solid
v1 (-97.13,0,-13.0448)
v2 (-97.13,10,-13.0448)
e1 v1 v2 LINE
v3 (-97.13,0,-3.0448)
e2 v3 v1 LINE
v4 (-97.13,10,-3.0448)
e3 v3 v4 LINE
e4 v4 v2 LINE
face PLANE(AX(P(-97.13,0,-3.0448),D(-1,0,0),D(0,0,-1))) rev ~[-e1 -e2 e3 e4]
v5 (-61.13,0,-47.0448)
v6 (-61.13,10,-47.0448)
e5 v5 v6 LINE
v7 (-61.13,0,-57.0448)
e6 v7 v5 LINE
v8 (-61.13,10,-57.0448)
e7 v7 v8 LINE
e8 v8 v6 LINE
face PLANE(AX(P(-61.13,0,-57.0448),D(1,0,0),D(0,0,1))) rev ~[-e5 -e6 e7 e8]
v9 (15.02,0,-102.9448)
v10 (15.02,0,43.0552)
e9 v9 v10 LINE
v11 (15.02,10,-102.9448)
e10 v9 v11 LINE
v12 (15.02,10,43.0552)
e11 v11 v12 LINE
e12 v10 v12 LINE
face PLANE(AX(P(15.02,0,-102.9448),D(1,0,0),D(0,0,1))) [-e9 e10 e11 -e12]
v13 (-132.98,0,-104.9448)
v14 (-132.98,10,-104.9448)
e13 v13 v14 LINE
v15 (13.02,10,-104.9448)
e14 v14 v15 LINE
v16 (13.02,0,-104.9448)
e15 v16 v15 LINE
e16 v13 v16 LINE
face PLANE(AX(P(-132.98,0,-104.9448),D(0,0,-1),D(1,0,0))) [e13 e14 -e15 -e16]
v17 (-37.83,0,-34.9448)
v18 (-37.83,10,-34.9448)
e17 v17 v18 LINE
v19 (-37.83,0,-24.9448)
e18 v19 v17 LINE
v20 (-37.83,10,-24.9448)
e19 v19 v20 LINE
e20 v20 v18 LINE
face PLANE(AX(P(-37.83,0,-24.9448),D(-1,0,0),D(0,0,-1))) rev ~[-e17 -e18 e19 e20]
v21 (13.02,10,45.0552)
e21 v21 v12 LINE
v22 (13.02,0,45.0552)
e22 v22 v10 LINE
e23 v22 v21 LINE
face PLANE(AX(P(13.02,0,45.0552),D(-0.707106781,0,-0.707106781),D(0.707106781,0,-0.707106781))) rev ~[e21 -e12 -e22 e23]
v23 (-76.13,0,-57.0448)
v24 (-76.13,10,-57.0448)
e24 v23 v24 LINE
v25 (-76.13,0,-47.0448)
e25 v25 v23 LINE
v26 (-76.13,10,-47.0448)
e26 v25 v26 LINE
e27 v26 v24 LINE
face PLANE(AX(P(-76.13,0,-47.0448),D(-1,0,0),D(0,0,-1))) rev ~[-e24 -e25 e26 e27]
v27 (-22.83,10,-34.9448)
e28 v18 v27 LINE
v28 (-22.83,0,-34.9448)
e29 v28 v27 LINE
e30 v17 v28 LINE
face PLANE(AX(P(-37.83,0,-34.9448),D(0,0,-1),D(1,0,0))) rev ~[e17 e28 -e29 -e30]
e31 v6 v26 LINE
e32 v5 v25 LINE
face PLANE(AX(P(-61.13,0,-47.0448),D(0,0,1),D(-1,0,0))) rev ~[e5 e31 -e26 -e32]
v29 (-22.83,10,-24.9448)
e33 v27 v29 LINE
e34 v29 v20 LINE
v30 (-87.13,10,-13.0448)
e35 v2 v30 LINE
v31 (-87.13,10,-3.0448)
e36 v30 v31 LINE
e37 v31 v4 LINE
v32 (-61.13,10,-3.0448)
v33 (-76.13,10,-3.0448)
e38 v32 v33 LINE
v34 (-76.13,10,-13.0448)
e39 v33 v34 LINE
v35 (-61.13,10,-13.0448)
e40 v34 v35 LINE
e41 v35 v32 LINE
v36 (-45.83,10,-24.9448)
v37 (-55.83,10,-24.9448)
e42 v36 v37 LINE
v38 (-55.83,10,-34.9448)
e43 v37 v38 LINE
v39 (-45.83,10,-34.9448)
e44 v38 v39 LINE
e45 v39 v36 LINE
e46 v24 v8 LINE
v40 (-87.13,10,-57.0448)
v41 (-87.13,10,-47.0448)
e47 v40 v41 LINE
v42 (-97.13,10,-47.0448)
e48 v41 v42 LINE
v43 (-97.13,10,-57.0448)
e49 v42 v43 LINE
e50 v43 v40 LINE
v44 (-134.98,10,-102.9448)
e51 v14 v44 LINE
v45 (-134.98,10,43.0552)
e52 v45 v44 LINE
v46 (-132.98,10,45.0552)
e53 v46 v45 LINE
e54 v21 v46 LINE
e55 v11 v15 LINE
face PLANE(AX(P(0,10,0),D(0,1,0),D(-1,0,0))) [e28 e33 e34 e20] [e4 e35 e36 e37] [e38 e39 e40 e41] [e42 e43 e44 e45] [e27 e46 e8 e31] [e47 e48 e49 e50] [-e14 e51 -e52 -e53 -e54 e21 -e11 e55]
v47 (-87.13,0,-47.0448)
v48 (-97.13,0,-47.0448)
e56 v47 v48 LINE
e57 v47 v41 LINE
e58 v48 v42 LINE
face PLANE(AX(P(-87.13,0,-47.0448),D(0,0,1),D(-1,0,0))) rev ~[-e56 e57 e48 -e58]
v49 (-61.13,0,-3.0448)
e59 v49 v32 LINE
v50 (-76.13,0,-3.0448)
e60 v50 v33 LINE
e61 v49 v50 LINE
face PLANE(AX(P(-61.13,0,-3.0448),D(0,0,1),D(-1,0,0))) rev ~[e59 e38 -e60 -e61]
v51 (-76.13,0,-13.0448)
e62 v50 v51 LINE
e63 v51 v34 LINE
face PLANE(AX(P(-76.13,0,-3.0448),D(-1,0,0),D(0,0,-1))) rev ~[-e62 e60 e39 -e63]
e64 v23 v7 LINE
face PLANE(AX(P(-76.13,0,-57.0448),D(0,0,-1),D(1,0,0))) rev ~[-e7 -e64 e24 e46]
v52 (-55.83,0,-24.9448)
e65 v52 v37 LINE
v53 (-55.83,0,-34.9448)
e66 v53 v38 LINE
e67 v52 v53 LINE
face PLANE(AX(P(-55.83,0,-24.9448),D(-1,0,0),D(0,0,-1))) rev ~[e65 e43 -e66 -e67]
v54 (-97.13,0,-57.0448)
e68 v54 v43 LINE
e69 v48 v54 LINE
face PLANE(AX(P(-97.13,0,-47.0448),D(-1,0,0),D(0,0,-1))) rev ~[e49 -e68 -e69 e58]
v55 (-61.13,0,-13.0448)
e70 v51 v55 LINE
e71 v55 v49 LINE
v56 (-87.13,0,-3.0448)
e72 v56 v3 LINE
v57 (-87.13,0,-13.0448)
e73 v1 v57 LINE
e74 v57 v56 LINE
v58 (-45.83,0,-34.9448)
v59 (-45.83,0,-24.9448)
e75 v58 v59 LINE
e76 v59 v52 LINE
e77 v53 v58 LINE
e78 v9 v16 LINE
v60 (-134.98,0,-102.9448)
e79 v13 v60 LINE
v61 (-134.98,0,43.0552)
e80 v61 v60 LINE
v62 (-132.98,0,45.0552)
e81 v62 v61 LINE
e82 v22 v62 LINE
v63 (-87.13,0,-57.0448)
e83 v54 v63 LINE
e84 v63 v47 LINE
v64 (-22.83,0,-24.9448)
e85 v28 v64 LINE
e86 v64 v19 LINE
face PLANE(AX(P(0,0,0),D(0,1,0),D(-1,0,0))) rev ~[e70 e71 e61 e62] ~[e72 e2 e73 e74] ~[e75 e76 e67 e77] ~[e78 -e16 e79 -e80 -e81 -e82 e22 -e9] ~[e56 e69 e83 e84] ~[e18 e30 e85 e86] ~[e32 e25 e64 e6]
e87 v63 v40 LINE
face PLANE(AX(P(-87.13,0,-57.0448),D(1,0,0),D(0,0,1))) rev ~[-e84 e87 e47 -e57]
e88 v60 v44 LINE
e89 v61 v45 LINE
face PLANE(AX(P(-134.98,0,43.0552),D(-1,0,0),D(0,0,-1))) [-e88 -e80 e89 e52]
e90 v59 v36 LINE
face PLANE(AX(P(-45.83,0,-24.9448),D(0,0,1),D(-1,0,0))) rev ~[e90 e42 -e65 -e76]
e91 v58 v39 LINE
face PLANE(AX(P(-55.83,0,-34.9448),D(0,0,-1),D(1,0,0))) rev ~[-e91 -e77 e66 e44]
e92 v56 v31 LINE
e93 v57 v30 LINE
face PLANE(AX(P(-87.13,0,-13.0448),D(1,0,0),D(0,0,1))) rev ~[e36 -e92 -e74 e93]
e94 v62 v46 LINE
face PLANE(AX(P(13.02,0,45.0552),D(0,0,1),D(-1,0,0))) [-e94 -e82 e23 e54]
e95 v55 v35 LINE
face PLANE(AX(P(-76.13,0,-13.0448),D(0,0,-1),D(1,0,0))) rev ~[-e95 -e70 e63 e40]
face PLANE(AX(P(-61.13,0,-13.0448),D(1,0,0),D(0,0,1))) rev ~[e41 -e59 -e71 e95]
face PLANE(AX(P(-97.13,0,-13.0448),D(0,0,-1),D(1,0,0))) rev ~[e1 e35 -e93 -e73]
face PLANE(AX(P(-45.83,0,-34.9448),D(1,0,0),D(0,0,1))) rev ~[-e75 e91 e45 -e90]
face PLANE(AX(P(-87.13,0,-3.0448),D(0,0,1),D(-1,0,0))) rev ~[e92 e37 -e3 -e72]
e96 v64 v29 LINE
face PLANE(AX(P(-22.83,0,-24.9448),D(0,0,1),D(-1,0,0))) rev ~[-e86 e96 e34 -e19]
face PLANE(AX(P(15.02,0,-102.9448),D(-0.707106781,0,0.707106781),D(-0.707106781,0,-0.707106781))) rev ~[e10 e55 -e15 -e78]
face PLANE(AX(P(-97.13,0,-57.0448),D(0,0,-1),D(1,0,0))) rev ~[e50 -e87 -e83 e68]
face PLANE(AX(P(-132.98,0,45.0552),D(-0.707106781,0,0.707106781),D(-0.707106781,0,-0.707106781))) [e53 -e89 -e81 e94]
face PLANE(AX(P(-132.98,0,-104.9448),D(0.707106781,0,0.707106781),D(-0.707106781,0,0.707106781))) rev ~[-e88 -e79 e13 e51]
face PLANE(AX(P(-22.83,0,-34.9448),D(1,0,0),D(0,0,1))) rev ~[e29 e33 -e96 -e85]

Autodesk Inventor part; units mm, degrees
ref_plane "YZ Plane" through (0, 0, 0) normal (1, 0, 0) x (0, 1, 0)
ref_plane "XZ Plane" through (0, 0, 0) normal (0, 1, 0) x (-1, 0, 0)
ref_plane "XY Plane" through (0, 0, 0) normal (0, 0, 1) x (1, 0, 0)
sketch "Esquisse4" plane through (0, 0, 0) normal (0, 1, 0) x (-1, 0, 0)
  line L0 (37.83, -34.9448) -> (22.83, -34.9448) construction
  line L1 (37.83, -34.9448) -> (37.83, -24.9448) construction
  line L2 (22.83, -24.9448) -> (37.83, -24.9448) construction
  line L3 (22.83, -34.9448) -> (22.83, -24.9448) construction
  line L4 (55.83, -34.9448) -> (45.83, -34.9448) construction
  line L5 (55.83, -34.9448) -> (55.83, -24.9448) construction
  line L6 (45.83, -24.9448) -> (55.83, -24.9448) construction
  line L7 (45.83, -34.9448) -> (45.83, -24.9448) construction
  line L8 (76.13, -13.0448) -> (61.13, -13.0448) construction
  line L9 (76.13, -13.0448) -> (76.13, -3.0448) construction
  line L10 (61.13, -3.0448) -> (76.13, -3.0448) construction
  line L11 (61.13, -13.0448) -> (61.13, -3.0448) construction
  line L12 (97.13, -13.0448) -> (87.13, -13.0448) construction
  line L13 (97.13, -13.0448) -> (97.13, -3.0448) construction
  line L14 (87.13, -3.0448) -> (97.13, -3.0448) construction
  line L15 (87.13, -13.0448) -> (87.13, -3.0448) construction
  line L16 (76.13, -57.0448) -> (61.13, -57.0448) construction
  line L17 (76.13, -57.0448) -> (76.13, -47.0448) construction
  line L18 (61.13, -47.0448) -> (76.13, -47.0448) construction
  line L19 (61.13, -57.0448) -> (61.13, -47.0448) construction
  line L20 (97.13, -57.0448) -> (87.13, -57.0448) construction
  line L21 (97.13, -57.0448) -> (97.13, -47.0448) construction
  line L22 (87.13, -47.0448) -> (97.13, -47.0448) construction
  line L23 (87.13, -57.0448) -> (87.13, -47.0448) construction
  line L24 (-13.02, 45.0552) -> (132.98, 45.0552)
  line L25 (134.98, 43.0552) -> (134.98, -102.9448)
  line L26 (132.98, -104.9448) -> (-13.02, -104.9448)
  line L27 (-15.02, -102.9448) -> (-15.02, 43.0552)
  line L28 (22.83, -24.9448) -> (37.83, -24.9448)
  line L29 (37.83, -24.9448) -> (37.83, -34.9448)
  line L30 (37.83, -34.9448) -> (22.83, -34.9448)
  line L31 (22.83, -34.9448) -> (22.83, -24.9448)
  line L32 (45.83, -24.9448) -> (55.83, -24.9448)
  line L33 (55.83, -24.9448) -> (55.83, -34.9448)
  line L34 (55.83, -34.9448) -> (45.83, -34.9448)
  line L35 (45.83, -34.9448) -> (45.83, -24.9448)
  line L36 (61.13, -3.0448) -> (76.13, -3.0448)
  line L37 (76.13, -3.0448) -> (76.13, -13.0448)
  line L38 (76.13, -13.0448) -> (61.13, -13.0448)
  line L39 (61.13, -13.0448) -> (61.13, -3.0448)
  line L40 (87.13, -3.0448) -> (97.13, -3.0448)
  line L41 (97.13, -3.0448) -> (97.13, -13.0448)
  line L42 (97.13, -13.0448) -> (87.13, -13.0448)
  line L43 (87.13, -13.0448) -> (87.13, -3.0448)
  line L44 (61.13, -47.0448) -> (76.13, -47.0448)
  line L45 (76.13, -47.0448) -> (76.13, -57.0448)
  line L46 (76.13, -57.0448) -> (61.13, -57.0448)
  line L47 (61.13, -57.0448) -> (61.13, -47.0448)
  line L48 (87.13, -47.0448) -> (97.13, -47.0448)
  line L49 (97.13, -47.0448) -> (97.13, -57.0448)
  line L50 (97.13, -57.0448) -> (87.13, -57.0448)
  line L51 (87.13, -57.0448) -> (87.13, -47.0448)
  line L52 (132.98, 45.0552) -> (134.98, 43.0552)
  line L53 (-13.02, 45.0552) -> (-15.02, 43.0552)
  line L54 (-15.02, -102.9448) -> (-13.02, -104.9448)
  line L55 (132.98, -104.9448) -> (134.98, -102.9448)
  line L56 (45.83, -29.9448) -> (55.83, -29.9448) construction
  line L57 (97.13, -3.0448) -> (22.83, -3.0448) construction
  line L58 (22.83, -3.0448) -> (22.83, -57.0448) construction
  line L59 (22.83, -57.0448) -> (97.13, -57.0448) construction
  line L60 (97.13, -57.0448) -> (97.13, -3.0448) construction
  line L61 (22.83, -3.0448) -> (59.98, -3.0448) construction
  line L62 (59.98, -3.0448) -> (59.98, -57.0448) construction
  point P0 (0, 0)
  point P1 (-15.02, 45.0552)
  point P2 (134.98, -104.9448)
  point P3 (134.98, 45.0552)
  point P4 (-15.02, -104.9448)
  dimension "d20" = 150
  dimension "d21" = 150
  dimension "d26" = 2
  dimension "d27" = 2
  dimension "d28" = 2
  dimension "d29" = 2
  dimension "d30" = 2
  dimension "d31" = 2
  dimension "d32" = 2
  dimension "d33" = 2
  dimension "d34" = 37.15
  dimension "d35" = 75
  dimension "d36" = 75
extrude "Extrusion4" add sketch "Esquisse4" along normal blind 10
equation "\"d27\" = d26"
equation "\"d28\" = d26"
equation "\"d29\" = d28"
equation "\"d30\" = d26"
equation "\"d31\" = d30"
equation "\"d32\" = d26"
equation "\"d33\" = d32"
properties part number "Socle_Testbench"
